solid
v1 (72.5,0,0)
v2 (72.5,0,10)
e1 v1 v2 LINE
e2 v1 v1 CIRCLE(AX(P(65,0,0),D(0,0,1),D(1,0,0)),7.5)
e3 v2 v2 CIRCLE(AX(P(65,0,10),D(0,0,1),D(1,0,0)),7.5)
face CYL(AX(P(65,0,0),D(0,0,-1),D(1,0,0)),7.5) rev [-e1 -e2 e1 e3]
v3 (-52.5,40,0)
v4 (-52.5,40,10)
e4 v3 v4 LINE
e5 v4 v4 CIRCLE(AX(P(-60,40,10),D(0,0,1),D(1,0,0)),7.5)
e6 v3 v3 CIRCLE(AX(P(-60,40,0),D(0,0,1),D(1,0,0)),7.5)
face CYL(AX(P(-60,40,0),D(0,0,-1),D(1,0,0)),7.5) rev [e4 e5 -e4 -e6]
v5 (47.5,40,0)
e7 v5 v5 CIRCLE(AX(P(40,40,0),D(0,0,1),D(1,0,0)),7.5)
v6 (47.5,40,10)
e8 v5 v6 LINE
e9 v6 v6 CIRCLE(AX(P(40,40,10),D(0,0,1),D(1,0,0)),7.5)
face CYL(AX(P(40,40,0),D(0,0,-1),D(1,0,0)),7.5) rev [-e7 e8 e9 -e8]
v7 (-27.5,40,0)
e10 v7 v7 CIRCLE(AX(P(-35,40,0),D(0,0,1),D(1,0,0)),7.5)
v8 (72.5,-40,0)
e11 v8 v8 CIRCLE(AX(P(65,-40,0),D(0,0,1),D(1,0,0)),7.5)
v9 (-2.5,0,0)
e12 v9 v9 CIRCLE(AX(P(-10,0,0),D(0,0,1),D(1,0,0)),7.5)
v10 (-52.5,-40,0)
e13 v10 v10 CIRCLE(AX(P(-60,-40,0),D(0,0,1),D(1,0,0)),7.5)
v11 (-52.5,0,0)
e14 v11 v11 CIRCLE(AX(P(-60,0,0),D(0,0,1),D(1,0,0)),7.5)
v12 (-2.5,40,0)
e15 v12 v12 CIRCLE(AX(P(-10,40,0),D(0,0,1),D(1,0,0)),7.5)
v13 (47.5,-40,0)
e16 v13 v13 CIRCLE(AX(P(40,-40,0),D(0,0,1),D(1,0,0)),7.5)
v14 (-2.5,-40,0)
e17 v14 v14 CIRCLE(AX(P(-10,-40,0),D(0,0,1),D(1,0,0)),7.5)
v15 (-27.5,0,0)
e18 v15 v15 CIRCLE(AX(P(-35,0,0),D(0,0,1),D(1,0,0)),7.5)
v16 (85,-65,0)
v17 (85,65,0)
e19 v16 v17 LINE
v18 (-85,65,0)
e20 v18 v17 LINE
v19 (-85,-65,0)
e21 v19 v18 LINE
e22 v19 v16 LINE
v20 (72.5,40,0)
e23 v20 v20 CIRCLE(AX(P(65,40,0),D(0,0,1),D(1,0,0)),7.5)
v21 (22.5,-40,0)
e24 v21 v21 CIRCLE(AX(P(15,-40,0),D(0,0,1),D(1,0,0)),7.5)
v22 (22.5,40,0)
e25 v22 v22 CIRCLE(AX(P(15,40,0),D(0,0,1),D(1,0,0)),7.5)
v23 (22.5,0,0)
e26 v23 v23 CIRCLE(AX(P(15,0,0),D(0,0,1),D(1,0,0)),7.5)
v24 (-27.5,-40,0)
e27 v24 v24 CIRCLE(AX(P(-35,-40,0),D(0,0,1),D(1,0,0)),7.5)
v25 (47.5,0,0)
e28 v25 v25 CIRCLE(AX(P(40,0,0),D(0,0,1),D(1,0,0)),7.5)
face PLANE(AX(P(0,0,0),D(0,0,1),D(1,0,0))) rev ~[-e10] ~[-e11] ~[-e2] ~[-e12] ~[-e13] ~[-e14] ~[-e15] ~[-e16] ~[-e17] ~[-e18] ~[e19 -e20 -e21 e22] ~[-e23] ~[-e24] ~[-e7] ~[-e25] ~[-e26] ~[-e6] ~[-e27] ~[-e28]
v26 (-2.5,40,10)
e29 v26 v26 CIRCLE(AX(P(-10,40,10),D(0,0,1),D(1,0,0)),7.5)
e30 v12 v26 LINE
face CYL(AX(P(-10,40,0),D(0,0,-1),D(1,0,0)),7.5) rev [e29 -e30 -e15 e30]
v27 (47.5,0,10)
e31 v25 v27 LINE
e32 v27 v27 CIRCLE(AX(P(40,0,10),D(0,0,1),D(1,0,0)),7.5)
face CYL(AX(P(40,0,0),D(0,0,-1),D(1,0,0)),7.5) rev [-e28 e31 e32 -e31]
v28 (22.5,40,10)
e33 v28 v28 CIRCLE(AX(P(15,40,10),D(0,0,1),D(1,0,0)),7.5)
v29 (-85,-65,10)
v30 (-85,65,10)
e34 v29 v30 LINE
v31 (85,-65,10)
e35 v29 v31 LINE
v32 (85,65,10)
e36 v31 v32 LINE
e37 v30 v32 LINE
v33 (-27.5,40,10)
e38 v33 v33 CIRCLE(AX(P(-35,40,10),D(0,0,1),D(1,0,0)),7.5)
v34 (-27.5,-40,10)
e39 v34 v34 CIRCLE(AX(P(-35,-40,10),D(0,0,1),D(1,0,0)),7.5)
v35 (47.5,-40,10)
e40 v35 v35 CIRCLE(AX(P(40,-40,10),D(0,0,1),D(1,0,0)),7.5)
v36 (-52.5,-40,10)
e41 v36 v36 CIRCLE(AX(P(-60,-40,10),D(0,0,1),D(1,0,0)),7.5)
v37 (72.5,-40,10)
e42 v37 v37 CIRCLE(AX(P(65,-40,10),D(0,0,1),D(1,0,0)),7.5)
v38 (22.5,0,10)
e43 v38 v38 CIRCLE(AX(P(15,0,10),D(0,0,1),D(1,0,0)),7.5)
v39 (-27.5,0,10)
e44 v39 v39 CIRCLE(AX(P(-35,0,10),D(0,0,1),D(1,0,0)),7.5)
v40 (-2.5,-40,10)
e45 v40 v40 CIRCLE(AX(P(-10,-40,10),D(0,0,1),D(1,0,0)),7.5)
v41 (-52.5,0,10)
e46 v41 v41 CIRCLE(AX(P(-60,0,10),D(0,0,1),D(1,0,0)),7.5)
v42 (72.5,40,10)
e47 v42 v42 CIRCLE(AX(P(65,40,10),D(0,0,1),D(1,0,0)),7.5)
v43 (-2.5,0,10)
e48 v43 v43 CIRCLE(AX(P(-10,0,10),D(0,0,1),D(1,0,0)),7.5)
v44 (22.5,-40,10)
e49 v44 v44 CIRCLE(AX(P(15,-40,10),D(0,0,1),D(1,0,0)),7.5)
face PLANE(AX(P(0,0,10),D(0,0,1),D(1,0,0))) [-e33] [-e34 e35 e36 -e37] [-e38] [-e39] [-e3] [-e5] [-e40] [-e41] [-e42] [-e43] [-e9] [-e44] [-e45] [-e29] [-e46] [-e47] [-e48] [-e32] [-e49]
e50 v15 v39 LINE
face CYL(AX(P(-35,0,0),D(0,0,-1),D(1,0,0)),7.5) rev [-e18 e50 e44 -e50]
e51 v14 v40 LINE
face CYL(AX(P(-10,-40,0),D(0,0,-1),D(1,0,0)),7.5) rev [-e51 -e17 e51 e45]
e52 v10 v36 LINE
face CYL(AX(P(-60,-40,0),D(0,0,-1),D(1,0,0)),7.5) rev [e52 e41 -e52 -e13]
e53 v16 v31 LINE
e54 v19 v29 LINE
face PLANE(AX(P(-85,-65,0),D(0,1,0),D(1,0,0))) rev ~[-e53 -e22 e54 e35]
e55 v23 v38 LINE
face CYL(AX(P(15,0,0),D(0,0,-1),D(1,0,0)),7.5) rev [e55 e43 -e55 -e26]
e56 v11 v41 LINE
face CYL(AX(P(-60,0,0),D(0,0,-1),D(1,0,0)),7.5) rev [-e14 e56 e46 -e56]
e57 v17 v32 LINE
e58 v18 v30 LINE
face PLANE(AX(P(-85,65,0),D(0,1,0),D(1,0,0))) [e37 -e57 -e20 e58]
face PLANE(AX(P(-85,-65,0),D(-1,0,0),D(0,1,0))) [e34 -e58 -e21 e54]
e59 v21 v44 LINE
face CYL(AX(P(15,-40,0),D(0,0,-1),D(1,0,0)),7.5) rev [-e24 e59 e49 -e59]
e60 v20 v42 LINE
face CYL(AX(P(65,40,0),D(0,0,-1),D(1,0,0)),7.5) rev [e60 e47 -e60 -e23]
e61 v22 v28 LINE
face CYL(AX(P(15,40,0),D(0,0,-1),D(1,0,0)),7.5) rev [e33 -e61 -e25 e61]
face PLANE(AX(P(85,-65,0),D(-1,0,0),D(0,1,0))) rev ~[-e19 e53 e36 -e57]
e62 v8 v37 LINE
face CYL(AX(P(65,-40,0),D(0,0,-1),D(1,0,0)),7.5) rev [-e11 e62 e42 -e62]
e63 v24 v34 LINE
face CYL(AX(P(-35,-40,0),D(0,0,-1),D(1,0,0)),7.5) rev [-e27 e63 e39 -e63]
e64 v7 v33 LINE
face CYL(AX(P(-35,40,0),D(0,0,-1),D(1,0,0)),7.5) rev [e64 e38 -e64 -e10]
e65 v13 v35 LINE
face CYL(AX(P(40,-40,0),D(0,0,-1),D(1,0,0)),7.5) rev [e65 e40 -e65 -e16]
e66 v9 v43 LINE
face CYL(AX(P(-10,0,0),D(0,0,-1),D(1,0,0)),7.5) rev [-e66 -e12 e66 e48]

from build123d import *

# Parameters (mm, degrees)
F0_W     = 170
F0_H     = 130
F0_R     = 7.5
F1_DEPTH = 10


with BuildPart() as f1:
    # F0 (on Top) → F1 (new body)
    with BuildSketch(Plane.XY):
        Rectangle(F0_W, F0_H)
        with Locations((-60, -40)):
            Circle(F0_R, mode=Mode.SUBTRACT)
        with Locations((-35, -40)):
            Circle(F0_R, mode=Mode.SUBTRACT)
        with Locations((-10, -40)):
            Circle(F0_R, mode=Mode.SUBTRACT)
        with Locations((15, -40)):
            Circle(F0_R, mode=Mode.SUBTRACT)
        with Locations((40, -40)):
            Circle(F0_R, mode=Mode.SUBTRACT)
        with Locations((65, -40)):
            Circle(F0_R, mode=Mode.SUBTRACT)
        with Locations((-60, 0)):
            Circle(F0_R, mode=Mode.SUBTRACT)
        with Locations((-35, 0)):
            Circle(F0_R, mode=Mode.SUBTRACT)
        with Locations((-10, 0)):
            Circle(F0_R, mode=Mode.SUBTRACT)
        with Locations((-60, 40)):
            Circle(F0_R, mode=Mode.SUBTRACT)
        with Locations((-35, 40)):
            Circle(F0_R, mode=Mode.SUBTRACT)
        with Locations((-10, 40)):
            Circle(F0_R, mode=Mode.SUBTRACT)
        with Locations((15, 0)):
            Circle(F0_R, mode=Mode.SUBTRACT)
        with Locations((40, 0)):
            Circle(F0_R, mode=Mode.SUBTRACT)
        with Locations((65, 0)):
            Circle(F0_R, mode=Mode.SUBTRACT)
        with Locations((15, 40)):
            Circle(F0_R, mode=Mode.SUBTRACT)
        with Locations((40, 40)):
            Circle(F0_R, mode=Mode.SUBTRACT)
        with Locations((65, 40)):
            Circle(F0_R, mode=Mode.SUBTRACT)
    extrude(amount=F1_DEPTH)


solid = f1.part
